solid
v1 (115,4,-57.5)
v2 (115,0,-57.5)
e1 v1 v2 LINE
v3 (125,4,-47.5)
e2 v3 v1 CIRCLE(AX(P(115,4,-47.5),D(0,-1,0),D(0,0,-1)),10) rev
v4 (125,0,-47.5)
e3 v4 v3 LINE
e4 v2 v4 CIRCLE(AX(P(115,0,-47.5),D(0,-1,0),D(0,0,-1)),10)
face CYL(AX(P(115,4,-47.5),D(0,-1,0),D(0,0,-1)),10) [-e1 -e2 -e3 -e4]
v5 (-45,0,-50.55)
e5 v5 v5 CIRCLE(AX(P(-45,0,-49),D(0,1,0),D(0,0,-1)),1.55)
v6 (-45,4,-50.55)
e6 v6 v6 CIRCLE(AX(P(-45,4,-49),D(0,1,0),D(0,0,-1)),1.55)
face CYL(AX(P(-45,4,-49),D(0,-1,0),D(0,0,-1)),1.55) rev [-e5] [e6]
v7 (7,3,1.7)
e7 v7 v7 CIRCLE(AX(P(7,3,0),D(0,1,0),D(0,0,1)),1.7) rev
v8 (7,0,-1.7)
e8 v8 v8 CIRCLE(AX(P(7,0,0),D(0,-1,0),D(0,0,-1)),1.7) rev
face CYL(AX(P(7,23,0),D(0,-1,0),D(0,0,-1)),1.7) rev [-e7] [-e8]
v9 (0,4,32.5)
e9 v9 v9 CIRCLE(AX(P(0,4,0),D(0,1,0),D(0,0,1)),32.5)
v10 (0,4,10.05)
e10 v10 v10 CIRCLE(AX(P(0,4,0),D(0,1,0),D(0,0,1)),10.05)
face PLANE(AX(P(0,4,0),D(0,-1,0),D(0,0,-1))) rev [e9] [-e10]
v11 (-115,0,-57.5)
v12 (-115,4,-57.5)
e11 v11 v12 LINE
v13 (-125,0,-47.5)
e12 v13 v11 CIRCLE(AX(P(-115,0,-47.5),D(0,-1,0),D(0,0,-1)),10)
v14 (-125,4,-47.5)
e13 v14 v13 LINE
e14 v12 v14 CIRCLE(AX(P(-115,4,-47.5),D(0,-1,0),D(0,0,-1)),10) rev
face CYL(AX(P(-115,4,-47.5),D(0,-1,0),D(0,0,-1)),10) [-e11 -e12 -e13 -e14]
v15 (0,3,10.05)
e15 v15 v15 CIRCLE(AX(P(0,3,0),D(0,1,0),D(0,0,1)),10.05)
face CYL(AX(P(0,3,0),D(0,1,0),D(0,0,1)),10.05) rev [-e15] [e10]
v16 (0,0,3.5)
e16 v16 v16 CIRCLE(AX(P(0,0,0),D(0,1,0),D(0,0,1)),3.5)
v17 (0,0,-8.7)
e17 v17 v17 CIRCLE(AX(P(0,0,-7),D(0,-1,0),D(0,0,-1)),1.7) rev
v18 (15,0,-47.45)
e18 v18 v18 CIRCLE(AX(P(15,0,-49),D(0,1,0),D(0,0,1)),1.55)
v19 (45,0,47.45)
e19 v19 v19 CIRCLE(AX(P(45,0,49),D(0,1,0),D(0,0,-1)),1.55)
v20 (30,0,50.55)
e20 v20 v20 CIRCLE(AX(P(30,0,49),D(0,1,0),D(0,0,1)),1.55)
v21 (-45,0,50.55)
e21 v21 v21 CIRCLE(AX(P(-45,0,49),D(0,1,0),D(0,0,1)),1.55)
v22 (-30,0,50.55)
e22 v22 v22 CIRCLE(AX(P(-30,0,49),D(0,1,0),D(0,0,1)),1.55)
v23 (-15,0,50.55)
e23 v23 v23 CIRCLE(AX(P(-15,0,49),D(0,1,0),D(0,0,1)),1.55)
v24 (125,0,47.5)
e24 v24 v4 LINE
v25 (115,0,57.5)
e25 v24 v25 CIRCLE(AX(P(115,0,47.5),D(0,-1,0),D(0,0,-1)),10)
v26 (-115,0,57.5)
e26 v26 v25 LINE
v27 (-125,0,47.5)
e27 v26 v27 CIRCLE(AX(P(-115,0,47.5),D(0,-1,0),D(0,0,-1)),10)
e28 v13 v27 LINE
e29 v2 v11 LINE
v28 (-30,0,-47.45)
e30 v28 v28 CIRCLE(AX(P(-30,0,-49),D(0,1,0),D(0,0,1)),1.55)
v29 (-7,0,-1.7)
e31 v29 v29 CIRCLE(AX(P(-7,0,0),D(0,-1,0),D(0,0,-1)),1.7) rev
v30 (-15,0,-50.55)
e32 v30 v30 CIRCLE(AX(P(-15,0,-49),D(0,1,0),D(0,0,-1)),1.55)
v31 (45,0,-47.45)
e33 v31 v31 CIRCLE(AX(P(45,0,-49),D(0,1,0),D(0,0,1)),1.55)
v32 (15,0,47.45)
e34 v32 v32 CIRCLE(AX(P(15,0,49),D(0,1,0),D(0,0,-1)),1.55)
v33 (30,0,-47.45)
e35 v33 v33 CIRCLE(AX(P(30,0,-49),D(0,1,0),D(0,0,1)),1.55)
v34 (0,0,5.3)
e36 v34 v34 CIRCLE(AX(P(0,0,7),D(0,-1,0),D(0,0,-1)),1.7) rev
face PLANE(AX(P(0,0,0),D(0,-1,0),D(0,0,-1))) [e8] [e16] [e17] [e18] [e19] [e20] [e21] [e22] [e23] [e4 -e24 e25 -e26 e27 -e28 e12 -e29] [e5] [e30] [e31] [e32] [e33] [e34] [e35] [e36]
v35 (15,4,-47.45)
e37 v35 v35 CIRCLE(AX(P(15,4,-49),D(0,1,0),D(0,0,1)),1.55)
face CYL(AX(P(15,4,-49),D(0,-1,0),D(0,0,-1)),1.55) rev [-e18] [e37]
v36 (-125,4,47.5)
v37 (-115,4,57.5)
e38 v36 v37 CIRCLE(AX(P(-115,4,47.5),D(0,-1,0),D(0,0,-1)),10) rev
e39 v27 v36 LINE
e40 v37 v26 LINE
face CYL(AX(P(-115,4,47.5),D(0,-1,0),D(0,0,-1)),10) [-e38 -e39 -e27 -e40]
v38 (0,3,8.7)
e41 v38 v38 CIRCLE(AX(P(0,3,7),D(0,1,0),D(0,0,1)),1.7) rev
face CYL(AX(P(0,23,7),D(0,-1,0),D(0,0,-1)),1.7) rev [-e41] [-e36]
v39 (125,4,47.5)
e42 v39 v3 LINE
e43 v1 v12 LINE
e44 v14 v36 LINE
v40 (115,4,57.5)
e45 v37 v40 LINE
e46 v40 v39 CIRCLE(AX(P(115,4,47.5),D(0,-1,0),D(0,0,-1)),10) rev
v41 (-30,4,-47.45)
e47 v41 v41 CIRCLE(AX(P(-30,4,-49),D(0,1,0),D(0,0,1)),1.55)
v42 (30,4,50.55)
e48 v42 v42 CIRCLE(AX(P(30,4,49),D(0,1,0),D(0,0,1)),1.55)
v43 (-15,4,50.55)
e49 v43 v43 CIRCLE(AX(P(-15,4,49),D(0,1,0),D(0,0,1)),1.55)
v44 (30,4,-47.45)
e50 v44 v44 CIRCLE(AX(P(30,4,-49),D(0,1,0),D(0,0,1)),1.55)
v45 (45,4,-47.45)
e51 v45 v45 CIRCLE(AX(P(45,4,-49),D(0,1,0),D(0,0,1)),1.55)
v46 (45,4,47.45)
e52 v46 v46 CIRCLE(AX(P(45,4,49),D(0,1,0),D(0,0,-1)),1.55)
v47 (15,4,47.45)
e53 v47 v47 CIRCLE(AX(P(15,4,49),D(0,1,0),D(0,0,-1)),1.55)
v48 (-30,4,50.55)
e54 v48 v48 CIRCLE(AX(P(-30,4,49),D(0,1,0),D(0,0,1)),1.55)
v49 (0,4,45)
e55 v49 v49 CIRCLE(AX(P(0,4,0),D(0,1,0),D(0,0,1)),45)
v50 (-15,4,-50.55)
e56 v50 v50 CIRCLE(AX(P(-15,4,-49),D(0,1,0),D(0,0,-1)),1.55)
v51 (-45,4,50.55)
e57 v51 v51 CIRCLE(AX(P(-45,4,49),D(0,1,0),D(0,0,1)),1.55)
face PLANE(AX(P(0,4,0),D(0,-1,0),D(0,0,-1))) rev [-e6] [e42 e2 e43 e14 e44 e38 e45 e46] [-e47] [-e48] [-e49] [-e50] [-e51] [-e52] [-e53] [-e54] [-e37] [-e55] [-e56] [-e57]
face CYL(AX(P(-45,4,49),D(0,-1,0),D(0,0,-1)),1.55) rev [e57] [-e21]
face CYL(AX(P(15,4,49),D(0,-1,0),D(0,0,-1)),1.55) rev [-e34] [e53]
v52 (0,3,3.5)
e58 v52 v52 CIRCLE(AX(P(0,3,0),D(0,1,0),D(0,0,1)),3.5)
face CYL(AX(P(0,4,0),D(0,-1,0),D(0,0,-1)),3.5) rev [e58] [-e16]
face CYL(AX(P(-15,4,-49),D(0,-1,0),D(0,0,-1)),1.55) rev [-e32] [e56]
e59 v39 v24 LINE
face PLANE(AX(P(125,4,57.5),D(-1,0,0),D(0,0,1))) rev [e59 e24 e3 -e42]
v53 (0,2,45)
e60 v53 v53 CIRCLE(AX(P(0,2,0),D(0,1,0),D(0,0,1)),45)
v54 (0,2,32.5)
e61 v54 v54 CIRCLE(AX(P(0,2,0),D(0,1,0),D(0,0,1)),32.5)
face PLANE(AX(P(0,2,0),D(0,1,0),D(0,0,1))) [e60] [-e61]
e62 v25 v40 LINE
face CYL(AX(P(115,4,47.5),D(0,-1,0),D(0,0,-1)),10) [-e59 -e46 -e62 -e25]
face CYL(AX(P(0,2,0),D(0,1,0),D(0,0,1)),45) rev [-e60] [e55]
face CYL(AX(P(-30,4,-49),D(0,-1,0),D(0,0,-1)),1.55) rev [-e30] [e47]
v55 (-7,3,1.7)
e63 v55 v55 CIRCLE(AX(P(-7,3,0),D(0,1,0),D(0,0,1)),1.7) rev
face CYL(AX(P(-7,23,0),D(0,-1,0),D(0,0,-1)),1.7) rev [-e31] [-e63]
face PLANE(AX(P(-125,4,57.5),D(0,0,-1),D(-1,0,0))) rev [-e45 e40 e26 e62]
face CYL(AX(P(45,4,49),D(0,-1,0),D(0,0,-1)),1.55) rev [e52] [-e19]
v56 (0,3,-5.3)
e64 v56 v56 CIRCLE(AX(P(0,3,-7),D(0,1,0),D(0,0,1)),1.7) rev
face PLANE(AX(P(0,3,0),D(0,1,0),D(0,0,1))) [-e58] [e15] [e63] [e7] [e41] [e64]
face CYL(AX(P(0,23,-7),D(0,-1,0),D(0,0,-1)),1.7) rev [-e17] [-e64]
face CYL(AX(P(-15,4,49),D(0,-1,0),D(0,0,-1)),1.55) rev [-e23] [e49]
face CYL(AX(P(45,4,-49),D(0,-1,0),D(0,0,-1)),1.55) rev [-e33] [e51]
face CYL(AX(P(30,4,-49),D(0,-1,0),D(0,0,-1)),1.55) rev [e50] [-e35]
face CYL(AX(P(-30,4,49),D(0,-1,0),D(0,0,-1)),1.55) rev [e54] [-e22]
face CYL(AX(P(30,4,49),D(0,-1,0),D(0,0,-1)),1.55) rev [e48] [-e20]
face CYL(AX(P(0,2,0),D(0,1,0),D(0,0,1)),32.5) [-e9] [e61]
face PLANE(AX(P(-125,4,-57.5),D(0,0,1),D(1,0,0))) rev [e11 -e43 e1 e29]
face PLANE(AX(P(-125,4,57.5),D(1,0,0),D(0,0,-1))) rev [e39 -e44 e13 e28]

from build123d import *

# Parameters (mm, degrees)
SKETCH_1_W               = 250
SKETCH_1_H               = 115
SKETCH_1_R               = 3.5
SKETCH_1_R_2             = 1.55
EXTRUDE_1_DEPTH          = 4
SKETCH_2_R               = 45
SKETCH_2_R_2             = 32.5
CUT_EXTRUDE_1_DEPTH      = 2
SKETCH_3_R               = 10.05
SKETCH_3_R_2             = 1.7
CUT_EXTRUDE_2_DEPTH      = 1
CUT_EXTRUDE_5_DEPTH      = 20
CUT_EXTRUDE_5_DEPTH_BACK = 20
SKETCH_4_R               = 1.7
FILLET_1_R               = 10


with BuildPart() as part:
    # 草图1 → 凸台-拉伸1 (new body)
    with BuildSketch(Plane(origin=(0, 0, 0), x_dir=(1, 0, 0), z_dir=(0, 1, 0))):
        Rectangle(SKETCH_1_W, SKETCH_1_H)
        with Locations(Location((0, 0, 0), (0, 0, 270))):
            Circle(SKETCH_1_R, mode=Mode.SUBTRACT)
        with Locations(Location((45, 49, 0), (0, 0, 270))):
            Circle(SKETCH_1_R_2, mode=Mode.SUBTRACT)
        with Locations(Location((45, -49, 0), (0, 0, 90))):
            Circle(SKETCH_1_R_2, mode=Mode.SUBTRACT)
        with Locations(Location((-45, -49, 0), (0, 0, 270))):
            Circle(SKETCH_1_R_2, mode=Mode.SUBTRACT)
        with Locations(Location((-45, 49, 0), (0, 0, 90))):
            Circle(SKETCH_1_R_2, mode=Mode.SUBTRACT)
        with Locations(Location((-15, -49, 0), (0, 0, 270))):
            Circle(SKETCH_1_R_2, mode=Mode.SUBTRACT)
        with Locations(Location((15, -49, 0), (0, 0, 90))):
            Circle(SKETCH_1_R_2, mode=Mode.SUBTRACT)
        with Locations(Location((15, 49, 0), (0, 0, 270))):
            Circle(SKETCH_1_R_2, mode=Mode.SUBTRACT)
        with Locations(Location((-15, 49, 0), (0, 0, 90))):
            Circle(SKETCH_1_R_2, mode=Mode.SUBTRACT)
        with Locations(Location((30, 49, 0), (0, 0, 270))):
            Circle(SKETCH_1_R_2, mode=Mode.SUBTRACT)
        with Locations(Location((-30, 49, 0), (0, 0, 270))):
            Circle(SKETCH_1_R_2, mode=Mode.SUBTRACT)
        with Locations(Location((-30, -49, 0), (0, 0, 270))):
            Circle(SKETCH_1_R_2, mode=Mode.SUBTRACT)
        with Locations(Location((30, -49, 0), (0, 0, 270))):
            Circle(SKETCH_1_R_2, mode=Mode.SUBTRACT)
    extrude(amount=EXTRUDE_1_DEPTH)

    # 草图2 → 切除-拉伸1 (cut)
    with BuildSketch(Plane(origin=(0, 4, 0), x_dir=(1, 0, 0), z_dir=(0, 1, 0))):
        with Locations(Location((0, 0, 0), (0, 0, 270))):
            Circle(SKETCH_2_R)
        with Locations(Location((0, 0, 0), (0, 0, 270))):
            Circle(SKETCH_2_R_2, mode=Mode.SUBTRACT)
    extrude(amount=-CUT_EXTRUDE_1_DEPTH, mode=Mode.SUBTRACT)

    # 草图3 → 切除-拉伸2 (cut)
    with BuildSketch(Plane(origin=(0, 4, 0), x_dir=(1, 0, 0), z_dir=(0, 1, 0))):
        with Locations(Location((0, 0, 0), (0, 0, 270))):
            Circle(SKETCH_3_R)
        with Locations(Location((0, 7, 0), (0, 0, 270))):
            Circle(SKETCH_3_R_2, mode=Mode.SUBTRACT)
        with Locations(Location((7, 0, 0), (0, 0, 270))):
            Circle(SKETCH_3_R_2, mode=Mode.SUBTRACT)
        with Locations(Location((0, -7, 0), (0, 0, 270))):
            Circle(SKETCH_3_R_2, mode=Mode.SUBTRACT)
        with Locations(Location((-7, 0, 0), (0, 0, 270))):
            Circle(SKETCH_3_R_2, mode=Mode.SUBTRACT)
    extrude(amount=-CUT_EXTRUDE_2_DEPTH, mode=Mode.SUBTRACT)

    # 草图4 → 切除-拉伸5 (cut, two sides: drawn at the far end of the back side and taken through both)
    with BuildSketch(Plane(origin=(0, 3, 0), x_dir=(1, 0, 0), z_dir=(0, 1, 0)).offset(-CUT_EXTRUDE_5_DEPTH_BACK)):
        with Locations(Location((7, 0, 0), (0, 0, 90))):
            Circle(SKETCH_4_R)
        with Locations(Location((0, 7, 0), (0, 0, 90))):
            Circle(SKETCH_4_R)
        with Locations(Location((0, -7, 0), (0, 0, 90))):
            Circle(SKETCH_4_R)
        with Locations(Location((-7, 0, 0), (0, 0, 90))):
            Circle(SKETCH_4_R)
    extrude(amount=CUT_EXTRUDE_5_DEPTH + CUT_EXTRUDE_5_DEPTH_BACK, mode=Mode.SUBTRACT)

    # 圆角1
    fillet_1_edges = [part.edges().sort_by_distance(p)[0] for p in [
        (125, 2, 57.5),
        (-125, 2, 57.5),
        (-125, 2, -57.5),
        (125, 2, -57.5),
    ]]
    fillet(fillet_1_edges, radius=FILLET_1_R)


solid = part.part
